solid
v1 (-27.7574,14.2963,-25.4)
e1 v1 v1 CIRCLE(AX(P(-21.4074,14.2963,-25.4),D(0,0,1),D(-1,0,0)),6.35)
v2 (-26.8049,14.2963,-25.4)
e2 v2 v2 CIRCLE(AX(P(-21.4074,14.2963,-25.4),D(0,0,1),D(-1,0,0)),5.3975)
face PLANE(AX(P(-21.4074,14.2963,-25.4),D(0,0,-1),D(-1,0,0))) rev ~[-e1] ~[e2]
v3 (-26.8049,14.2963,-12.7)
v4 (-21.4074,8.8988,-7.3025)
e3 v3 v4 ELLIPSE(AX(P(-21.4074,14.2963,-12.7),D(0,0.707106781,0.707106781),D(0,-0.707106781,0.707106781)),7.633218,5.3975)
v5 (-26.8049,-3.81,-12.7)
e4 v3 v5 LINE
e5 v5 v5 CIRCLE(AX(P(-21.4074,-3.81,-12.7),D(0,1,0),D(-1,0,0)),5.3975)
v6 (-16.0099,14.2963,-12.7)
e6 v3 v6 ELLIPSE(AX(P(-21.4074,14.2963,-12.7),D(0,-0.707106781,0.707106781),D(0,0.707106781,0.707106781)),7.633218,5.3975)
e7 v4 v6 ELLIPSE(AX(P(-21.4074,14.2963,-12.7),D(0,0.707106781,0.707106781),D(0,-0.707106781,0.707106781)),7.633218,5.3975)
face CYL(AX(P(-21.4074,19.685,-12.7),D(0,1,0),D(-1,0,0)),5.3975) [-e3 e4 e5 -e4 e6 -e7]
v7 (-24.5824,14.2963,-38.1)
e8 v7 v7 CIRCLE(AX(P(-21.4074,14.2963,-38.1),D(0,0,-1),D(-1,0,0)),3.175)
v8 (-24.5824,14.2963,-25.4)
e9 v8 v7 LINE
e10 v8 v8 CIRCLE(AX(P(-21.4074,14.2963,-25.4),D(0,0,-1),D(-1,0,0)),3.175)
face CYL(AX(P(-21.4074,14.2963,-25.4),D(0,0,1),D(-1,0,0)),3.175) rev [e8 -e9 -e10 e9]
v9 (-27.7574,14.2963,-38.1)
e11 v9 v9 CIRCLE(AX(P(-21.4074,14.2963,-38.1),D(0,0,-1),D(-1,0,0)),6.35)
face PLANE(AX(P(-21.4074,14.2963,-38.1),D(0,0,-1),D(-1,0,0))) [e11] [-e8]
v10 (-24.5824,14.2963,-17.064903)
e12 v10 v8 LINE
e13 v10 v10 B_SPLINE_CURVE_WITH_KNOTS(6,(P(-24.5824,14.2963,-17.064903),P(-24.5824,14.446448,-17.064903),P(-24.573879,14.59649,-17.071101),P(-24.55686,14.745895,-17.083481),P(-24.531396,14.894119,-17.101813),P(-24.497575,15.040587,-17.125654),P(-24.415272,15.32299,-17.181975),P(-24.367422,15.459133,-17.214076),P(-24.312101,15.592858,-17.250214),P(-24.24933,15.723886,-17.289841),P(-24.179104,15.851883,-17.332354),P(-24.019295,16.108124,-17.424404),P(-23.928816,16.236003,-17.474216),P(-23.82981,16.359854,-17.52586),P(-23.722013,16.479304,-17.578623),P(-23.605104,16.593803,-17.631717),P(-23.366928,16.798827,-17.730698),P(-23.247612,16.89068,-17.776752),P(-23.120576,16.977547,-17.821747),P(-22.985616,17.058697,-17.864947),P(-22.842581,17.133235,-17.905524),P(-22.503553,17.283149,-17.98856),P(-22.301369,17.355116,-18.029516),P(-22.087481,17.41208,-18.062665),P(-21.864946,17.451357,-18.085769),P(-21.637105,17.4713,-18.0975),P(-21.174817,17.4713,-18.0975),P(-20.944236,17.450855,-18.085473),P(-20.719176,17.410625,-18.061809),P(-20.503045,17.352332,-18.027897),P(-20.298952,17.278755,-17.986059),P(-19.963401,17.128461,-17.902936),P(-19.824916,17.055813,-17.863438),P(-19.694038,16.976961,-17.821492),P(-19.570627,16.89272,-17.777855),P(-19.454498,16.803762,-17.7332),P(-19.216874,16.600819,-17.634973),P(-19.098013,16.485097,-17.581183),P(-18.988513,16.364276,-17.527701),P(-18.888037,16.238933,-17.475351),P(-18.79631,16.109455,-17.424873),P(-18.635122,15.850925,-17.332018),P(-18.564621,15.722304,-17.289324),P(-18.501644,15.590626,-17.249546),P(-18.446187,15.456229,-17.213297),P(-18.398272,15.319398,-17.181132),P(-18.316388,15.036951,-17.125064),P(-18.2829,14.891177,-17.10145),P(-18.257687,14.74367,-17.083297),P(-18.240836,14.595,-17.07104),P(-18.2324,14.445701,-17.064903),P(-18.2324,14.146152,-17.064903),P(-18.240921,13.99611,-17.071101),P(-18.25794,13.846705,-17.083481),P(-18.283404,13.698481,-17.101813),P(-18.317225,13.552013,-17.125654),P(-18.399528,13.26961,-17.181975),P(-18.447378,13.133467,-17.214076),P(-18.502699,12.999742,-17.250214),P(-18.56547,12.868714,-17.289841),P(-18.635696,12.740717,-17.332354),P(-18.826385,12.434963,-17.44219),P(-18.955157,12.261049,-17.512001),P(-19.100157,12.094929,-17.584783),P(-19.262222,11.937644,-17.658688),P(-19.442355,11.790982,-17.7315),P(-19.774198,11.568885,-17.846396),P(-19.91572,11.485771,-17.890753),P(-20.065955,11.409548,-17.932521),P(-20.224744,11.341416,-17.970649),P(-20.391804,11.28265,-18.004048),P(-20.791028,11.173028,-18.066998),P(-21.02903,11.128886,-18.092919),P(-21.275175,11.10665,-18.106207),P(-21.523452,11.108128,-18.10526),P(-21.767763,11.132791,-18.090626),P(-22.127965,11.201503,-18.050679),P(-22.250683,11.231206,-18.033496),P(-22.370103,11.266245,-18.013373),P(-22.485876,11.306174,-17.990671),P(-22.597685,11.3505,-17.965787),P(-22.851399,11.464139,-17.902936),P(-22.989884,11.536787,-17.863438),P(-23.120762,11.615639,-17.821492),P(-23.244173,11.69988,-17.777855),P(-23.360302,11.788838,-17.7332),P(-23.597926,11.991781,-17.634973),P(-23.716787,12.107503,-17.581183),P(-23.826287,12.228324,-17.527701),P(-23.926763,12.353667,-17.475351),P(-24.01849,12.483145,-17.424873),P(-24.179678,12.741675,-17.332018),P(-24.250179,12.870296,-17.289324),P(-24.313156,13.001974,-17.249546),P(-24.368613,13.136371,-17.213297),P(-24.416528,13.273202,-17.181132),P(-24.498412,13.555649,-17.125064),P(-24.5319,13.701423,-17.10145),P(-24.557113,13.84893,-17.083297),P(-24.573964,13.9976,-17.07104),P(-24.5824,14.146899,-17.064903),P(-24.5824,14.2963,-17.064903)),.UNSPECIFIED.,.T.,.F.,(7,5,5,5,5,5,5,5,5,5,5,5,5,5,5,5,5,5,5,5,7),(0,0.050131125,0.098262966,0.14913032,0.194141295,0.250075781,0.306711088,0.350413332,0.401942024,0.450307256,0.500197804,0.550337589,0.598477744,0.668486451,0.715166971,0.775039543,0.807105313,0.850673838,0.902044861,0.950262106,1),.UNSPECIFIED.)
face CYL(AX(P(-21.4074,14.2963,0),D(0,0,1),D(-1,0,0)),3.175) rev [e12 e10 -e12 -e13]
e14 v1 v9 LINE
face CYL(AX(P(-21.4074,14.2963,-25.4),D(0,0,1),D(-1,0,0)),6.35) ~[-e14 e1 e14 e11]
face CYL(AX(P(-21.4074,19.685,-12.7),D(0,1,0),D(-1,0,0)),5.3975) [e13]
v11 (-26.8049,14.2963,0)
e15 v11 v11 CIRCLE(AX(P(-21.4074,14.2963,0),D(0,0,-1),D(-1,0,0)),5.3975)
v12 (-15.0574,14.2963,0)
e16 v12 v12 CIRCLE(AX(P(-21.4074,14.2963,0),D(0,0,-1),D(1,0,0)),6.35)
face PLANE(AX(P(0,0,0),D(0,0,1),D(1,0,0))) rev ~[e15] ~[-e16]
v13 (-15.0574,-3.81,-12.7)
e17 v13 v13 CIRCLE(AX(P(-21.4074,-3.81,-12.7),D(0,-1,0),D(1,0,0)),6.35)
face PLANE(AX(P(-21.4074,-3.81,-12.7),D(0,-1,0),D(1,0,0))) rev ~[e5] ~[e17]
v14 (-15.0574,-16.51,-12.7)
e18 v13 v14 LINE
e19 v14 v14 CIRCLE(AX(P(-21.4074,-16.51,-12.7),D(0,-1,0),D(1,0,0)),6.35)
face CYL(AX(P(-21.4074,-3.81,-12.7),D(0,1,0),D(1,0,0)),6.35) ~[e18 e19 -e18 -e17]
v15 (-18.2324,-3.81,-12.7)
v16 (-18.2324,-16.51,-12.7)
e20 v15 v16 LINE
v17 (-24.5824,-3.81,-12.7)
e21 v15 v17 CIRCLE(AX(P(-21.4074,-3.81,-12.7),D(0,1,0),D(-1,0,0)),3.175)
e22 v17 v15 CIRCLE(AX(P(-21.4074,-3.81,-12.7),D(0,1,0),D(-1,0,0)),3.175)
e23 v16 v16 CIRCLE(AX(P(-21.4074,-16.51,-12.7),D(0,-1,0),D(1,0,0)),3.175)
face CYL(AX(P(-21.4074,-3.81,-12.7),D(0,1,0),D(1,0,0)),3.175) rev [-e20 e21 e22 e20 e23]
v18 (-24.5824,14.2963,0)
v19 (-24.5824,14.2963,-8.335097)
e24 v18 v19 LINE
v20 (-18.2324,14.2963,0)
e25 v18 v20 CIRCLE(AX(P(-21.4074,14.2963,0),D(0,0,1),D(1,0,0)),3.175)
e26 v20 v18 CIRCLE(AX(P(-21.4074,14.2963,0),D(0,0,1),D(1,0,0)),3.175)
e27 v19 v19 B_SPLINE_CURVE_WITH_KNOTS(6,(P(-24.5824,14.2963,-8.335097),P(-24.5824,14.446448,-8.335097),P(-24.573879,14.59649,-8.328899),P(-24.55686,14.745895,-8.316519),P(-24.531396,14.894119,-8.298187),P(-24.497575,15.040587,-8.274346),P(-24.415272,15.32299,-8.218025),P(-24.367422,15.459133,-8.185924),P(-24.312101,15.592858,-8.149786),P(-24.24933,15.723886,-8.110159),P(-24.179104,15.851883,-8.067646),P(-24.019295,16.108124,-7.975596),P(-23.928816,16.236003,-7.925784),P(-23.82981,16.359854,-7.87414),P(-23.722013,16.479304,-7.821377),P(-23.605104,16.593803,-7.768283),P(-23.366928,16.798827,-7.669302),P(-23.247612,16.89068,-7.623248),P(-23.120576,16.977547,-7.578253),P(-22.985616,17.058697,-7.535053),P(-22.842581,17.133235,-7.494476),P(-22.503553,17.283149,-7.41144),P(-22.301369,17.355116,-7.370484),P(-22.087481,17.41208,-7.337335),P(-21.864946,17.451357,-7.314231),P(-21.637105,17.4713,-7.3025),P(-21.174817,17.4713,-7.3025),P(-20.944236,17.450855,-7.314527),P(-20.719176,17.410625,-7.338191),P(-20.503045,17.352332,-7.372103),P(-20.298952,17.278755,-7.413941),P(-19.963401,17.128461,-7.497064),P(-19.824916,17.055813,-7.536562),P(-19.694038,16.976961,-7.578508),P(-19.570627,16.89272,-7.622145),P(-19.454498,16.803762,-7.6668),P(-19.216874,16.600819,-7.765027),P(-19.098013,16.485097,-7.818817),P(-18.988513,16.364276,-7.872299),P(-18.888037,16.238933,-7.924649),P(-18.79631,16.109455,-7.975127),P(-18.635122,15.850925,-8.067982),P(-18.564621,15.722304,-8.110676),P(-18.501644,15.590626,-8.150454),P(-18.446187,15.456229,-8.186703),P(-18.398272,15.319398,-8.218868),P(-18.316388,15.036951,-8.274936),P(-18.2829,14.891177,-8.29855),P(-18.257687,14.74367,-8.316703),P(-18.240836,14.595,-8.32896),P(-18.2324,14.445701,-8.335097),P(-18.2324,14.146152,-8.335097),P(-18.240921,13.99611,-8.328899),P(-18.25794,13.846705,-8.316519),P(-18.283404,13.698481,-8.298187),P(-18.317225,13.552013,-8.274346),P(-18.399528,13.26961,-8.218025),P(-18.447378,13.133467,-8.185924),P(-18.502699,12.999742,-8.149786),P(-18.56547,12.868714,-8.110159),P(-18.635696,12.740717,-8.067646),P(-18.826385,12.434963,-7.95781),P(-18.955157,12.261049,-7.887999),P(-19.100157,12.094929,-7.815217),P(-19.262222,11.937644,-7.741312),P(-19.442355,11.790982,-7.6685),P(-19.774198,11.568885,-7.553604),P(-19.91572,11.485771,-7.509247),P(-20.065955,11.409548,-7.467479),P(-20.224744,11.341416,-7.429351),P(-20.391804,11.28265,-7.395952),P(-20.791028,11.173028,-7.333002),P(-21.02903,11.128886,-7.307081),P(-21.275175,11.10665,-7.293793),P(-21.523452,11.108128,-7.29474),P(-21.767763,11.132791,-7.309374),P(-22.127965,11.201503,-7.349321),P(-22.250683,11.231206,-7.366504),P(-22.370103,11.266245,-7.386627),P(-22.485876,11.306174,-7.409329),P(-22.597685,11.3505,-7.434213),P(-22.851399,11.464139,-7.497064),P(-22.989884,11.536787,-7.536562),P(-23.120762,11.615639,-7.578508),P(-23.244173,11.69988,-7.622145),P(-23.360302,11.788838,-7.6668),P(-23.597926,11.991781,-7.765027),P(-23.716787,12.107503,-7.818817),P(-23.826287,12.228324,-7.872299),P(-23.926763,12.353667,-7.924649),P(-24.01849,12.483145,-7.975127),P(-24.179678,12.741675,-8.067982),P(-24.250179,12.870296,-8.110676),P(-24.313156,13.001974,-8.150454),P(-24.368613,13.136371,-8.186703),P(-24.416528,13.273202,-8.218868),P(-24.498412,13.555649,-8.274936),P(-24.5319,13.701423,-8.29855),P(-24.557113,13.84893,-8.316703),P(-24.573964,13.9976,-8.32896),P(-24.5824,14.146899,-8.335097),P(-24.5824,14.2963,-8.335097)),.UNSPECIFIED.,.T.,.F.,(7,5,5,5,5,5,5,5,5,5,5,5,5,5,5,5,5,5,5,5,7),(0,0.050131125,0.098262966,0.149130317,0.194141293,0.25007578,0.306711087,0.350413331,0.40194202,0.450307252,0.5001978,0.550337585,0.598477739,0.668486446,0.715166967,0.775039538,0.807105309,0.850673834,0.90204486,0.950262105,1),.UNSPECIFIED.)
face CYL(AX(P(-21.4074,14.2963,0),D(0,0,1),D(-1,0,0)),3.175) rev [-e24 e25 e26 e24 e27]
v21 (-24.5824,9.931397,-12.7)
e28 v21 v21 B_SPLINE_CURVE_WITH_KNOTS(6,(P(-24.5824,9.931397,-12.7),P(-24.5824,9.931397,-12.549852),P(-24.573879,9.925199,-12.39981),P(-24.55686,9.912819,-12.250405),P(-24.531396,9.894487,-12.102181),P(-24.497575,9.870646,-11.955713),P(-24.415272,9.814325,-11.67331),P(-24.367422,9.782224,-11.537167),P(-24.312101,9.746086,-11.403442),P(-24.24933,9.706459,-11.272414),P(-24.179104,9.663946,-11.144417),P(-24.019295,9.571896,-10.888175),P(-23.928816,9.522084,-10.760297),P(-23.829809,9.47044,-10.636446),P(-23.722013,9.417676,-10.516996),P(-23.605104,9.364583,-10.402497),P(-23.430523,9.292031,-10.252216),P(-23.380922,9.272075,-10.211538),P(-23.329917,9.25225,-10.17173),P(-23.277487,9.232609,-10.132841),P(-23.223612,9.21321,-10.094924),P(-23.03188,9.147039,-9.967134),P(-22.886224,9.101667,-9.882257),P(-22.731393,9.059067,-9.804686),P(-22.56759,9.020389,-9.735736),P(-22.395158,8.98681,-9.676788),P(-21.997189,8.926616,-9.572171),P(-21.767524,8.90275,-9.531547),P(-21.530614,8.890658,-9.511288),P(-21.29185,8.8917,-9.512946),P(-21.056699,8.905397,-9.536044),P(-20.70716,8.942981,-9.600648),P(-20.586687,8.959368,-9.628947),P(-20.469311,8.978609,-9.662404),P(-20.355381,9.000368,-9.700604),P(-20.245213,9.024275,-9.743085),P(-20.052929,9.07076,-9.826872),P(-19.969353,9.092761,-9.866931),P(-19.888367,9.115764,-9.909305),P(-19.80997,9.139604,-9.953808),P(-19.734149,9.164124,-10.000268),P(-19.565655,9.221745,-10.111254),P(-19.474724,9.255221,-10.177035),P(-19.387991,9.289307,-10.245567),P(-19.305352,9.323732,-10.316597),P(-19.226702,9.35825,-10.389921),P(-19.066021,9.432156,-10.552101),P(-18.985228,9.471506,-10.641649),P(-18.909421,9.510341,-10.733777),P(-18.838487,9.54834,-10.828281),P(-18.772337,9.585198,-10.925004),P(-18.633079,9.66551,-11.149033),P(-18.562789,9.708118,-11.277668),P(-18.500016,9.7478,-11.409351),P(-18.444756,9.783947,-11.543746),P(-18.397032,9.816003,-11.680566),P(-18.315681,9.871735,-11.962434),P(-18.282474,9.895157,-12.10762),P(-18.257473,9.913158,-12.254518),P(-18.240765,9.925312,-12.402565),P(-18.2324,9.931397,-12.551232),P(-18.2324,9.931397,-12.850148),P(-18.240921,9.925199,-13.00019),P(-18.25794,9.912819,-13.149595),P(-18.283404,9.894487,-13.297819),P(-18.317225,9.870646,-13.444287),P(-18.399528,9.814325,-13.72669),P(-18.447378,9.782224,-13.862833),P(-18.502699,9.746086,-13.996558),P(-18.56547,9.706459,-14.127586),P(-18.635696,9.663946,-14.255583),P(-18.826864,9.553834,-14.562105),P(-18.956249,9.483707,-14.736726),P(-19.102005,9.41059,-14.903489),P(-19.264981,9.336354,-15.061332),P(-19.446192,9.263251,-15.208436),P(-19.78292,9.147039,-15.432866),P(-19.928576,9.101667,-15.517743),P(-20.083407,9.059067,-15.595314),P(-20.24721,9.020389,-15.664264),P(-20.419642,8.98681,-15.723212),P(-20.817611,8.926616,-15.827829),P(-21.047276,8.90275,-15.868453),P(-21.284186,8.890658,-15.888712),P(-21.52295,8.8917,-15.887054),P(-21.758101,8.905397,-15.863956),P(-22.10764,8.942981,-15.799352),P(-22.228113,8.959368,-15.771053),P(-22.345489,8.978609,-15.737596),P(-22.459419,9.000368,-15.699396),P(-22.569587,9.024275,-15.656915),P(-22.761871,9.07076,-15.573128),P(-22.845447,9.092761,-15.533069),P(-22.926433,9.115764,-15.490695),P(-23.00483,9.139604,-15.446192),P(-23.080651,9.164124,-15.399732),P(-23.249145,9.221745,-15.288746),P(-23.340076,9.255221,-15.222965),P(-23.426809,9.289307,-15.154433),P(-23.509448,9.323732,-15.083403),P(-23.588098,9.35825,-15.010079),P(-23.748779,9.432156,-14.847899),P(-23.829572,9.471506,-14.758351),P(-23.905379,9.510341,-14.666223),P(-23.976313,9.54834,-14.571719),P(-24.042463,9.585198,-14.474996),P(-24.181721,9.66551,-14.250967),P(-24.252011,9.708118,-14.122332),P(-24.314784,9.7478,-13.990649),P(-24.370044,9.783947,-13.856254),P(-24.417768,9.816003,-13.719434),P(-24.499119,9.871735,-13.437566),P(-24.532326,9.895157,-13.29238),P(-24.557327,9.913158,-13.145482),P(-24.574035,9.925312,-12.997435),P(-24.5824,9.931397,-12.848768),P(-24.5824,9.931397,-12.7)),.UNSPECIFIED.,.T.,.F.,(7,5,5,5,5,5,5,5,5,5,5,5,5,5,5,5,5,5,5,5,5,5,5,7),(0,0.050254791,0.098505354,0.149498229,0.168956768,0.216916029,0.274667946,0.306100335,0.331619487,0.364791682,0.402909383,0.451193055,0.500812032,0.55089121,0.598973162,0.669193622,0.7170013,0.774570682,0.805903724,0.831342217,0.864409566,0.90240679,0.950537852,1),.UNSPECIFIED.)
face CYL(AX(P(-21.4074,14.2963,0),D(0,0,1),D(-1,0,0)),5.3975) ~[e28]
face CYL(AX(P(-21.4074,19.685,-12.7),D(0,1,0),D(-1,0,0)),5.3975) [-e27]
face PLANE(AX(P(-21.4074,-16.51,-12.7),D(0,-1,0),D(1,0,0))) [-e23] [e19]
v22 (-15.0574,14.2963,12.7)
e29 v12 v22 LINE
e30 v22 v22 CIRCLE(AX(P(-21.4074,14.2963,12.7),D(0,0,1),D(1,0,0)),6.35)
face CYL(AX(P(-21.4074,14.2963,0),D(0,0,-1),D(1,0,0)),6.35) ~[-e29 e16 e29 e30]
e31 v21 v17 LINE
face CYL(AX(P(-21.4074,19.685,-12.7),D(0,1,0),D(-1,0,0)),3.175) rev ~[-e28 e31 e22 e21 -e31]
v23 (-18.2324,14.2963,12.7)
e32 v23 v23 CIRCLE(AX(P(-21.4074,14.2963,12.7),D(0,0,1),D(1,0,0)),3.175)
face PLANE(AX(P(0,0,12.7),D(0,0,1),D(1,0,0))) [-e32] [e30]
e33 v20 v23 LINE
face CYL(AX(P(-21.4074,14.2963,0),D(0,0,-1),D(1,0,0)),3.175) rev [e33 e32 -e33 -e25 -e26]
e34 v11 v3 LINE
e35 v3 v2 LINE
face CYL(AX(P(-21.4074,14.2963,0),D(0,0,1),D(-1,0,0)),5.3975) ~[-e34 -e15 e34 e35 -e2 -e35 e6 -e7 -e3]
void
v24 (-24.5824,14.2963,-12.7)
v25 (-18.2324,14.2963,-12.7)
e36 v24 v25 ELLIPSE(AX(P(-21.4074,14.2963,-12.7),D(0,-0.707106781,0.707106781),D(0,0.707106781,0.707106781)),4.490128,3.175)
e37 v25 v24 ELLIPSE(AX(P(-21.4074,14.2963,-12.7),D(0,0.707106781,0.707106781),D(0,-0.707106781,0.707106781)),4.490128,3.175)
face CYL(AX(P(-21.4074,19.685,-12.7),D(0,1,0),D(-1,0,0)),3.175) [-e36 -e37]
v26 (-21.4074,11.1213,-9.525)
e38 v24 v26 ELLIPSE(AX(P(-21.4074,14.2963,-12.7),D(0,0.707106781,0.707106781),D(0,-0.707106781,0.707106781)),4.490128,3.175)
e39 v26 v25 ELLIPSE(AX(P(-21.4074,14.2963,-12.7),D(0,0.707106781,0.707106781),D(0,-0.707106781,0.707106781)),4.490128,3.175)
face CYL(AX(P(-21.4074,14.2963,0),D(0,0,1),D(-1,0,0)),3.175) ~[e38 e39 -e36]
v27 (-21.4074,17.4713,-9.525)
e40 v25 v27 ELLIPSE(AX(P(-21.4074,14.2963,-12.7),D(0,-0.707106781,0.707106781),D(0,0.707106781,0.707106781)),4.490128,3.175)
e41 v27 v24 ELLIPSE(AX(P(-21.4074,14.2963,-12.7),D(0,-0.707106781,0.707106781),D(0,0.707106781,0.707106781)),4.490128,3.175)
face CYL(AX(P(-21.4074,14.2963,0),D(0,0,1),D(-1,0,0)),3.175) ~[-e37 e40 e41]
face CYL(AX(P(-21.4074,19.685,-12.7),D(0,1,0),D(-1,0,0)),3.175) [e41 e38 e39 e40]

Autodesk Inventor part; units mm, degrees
ref_plane "YZ Plane" through (0, 0, 0) normal (1, 0, 0) x (0, 1, 0)
sketch "Sketch1" plane through (0, 0, 0) normal (0, 0, 1) x (1, 0, 0)
  circle A0 centre (-21.4074, 14.2963) radius 6.35
  circle A1 centre (-21.4074, 14.2963) radius 3.175
  point P0 (0, 0)
  dimension "d0" = 12.7
  dimension "d1" = 6.35
extrude "Extrusion1" add sketch "Sketch1" along normal blind 12.7
sketch "Sketch2" plane through (-21.4074, 14.2963, 0) normal (0, 0, -1) x (-1, 0, 0)
  circle A0 centre (0, 0) radius 3.175 projected
  circle A1 centre (0, 0) radius 6.35 projected
  circle A2 centre (0, 0) radius 5.3975
  point P0 (-21.4074, -14.2963)
  dimension "d4" = 10.795
extrude "Extrusion2" add sketch "Sketch2" along normal blind 25.4 contours A2
sketch "Sketch3" plane through (-21.4074, 14.2963, -25.4) normal (0, 0, -1) x (-1, 0, 0)
  circle A0 centre (0, 0) radius 3.175 projected
  circle A1 centre (0, 0) radius 5.3975 projected
  circle A2 centre (0, 0) radius 6.35
  point P0 (-21.4074, -14.2963)
  dimension "d7" = 12.7
extrude "Extrusion3" add sketch "Sketch3" along normal blind 12.7 contours A1 | A2
ref_plane "Work Plane3" through (0, 19.685, 0) normal (0, 1, 0) x (-1, 0, 0)
sketch "Sketch4" plane through (0, 19.685, 0) normal (0, 1, 0) x (-1, 0, 0)
  line L0 (26.8049, -25.4) -> (16.0099, -25.4) projected
  line L1 (26.8049, 0) -> (16.0099, 0) projected
  line L2 (26.8049, 0) -> (26.8049, -25.4) projected
  line L3 (16.0099, 0) -> (16.0099, -25.4) projected
  circle A0 centre (21.4074, -12.7) radius 5.3975
  circle A1 centre (21.4074, -12.7) radius 3.175
  point P0 (0, 0)
  dimension "d13" = 6.35
extrude "Extrusion4" add sketch "Sketch4" against normal blind 23.495 contours A0
sketch "Sketch5" plane through (-21.4074, -3.81, -12.7) normal (0, -1, 0) x (1, 0, 0)
  circle A0 centre (0, 0) radius 3.175 projected
  circle A1 centre (0, 0) radius 5.3975 projected
  circle A2 centre (0, 0) radius 6.35
  point P0 (21.4074, 12.7)
  dimension "d16" = 12.7
extrude "Extrusion5" add sketch "Sketch5" along normal blind 12.7 contours A1 | A2
ref_plane "Work Plane5" through (0, 0, 0) normal (0, 0, 1) x (1, 0, 0)
sketch "Sketch7" plane through (0, 0, 0) normal (0, 0, 1) x (1, 0, 0)
  circle A0 centre (-21.4074, 14.2963) radius 5.3975 projected
  circle A1 centre (-21.4074, 14.2963) radius 5.3975
  line L0 (-16.0099, 19.6938) -> (-26.8049, 19.6938)
  line L1 (-26.8049, 19.6938) -> (-26.8049, 8.8988)
  line L2 (-26.8049, 8.8988) -> (-16.0099, 8.8988)
  line L3 (-16.0099, 8.8988) -> (-16.0099, 19.6938)
  line L4 (-16.0099, 14.2963) -> (-26.8049, 14.2963)
  line L5 (-16.0099, 14.2963) -> (-26.8049, 14.2963)
  line L6 (-26.8049, 14.2963) -> (-26.8049, 8.8988)
  line L7 (-26.8049, 8.8988) -> (-16.0099, 8.8988)
  line L8 (-16.0099, 8.8988) -> (-16.0099, 14.2963)
  arc A2 (-26.8049, 14.2963) -> (-16.0099, 14.2963) centre (-21.4074, 14.2963) ccw
  line L9 (-16.0099, 19.6938) -> (-26.8049, 19.6938)
  line L10 (-26.8049, 19.6938) -> (-26.8049, 14.2963)
  line L11 (-26.8049, 14.2963) -> (-16.0099, 14.2963)
  line L12 (-16.0099, 14.2963) -> (-16.0099, 19.6938)
  arc A3 (-16.0099, 14.2963) -> (-26.8049, 14.2963) centre (-21.4074, 14.2963) ccw
  point P0 (0, 0)
extrude "Extrusion7" cut sketch "Sketch7" against normal blind 25.4 contours A0 L0 L3 | A0 L1 L0
properties part number "Joiner Base 1764"
